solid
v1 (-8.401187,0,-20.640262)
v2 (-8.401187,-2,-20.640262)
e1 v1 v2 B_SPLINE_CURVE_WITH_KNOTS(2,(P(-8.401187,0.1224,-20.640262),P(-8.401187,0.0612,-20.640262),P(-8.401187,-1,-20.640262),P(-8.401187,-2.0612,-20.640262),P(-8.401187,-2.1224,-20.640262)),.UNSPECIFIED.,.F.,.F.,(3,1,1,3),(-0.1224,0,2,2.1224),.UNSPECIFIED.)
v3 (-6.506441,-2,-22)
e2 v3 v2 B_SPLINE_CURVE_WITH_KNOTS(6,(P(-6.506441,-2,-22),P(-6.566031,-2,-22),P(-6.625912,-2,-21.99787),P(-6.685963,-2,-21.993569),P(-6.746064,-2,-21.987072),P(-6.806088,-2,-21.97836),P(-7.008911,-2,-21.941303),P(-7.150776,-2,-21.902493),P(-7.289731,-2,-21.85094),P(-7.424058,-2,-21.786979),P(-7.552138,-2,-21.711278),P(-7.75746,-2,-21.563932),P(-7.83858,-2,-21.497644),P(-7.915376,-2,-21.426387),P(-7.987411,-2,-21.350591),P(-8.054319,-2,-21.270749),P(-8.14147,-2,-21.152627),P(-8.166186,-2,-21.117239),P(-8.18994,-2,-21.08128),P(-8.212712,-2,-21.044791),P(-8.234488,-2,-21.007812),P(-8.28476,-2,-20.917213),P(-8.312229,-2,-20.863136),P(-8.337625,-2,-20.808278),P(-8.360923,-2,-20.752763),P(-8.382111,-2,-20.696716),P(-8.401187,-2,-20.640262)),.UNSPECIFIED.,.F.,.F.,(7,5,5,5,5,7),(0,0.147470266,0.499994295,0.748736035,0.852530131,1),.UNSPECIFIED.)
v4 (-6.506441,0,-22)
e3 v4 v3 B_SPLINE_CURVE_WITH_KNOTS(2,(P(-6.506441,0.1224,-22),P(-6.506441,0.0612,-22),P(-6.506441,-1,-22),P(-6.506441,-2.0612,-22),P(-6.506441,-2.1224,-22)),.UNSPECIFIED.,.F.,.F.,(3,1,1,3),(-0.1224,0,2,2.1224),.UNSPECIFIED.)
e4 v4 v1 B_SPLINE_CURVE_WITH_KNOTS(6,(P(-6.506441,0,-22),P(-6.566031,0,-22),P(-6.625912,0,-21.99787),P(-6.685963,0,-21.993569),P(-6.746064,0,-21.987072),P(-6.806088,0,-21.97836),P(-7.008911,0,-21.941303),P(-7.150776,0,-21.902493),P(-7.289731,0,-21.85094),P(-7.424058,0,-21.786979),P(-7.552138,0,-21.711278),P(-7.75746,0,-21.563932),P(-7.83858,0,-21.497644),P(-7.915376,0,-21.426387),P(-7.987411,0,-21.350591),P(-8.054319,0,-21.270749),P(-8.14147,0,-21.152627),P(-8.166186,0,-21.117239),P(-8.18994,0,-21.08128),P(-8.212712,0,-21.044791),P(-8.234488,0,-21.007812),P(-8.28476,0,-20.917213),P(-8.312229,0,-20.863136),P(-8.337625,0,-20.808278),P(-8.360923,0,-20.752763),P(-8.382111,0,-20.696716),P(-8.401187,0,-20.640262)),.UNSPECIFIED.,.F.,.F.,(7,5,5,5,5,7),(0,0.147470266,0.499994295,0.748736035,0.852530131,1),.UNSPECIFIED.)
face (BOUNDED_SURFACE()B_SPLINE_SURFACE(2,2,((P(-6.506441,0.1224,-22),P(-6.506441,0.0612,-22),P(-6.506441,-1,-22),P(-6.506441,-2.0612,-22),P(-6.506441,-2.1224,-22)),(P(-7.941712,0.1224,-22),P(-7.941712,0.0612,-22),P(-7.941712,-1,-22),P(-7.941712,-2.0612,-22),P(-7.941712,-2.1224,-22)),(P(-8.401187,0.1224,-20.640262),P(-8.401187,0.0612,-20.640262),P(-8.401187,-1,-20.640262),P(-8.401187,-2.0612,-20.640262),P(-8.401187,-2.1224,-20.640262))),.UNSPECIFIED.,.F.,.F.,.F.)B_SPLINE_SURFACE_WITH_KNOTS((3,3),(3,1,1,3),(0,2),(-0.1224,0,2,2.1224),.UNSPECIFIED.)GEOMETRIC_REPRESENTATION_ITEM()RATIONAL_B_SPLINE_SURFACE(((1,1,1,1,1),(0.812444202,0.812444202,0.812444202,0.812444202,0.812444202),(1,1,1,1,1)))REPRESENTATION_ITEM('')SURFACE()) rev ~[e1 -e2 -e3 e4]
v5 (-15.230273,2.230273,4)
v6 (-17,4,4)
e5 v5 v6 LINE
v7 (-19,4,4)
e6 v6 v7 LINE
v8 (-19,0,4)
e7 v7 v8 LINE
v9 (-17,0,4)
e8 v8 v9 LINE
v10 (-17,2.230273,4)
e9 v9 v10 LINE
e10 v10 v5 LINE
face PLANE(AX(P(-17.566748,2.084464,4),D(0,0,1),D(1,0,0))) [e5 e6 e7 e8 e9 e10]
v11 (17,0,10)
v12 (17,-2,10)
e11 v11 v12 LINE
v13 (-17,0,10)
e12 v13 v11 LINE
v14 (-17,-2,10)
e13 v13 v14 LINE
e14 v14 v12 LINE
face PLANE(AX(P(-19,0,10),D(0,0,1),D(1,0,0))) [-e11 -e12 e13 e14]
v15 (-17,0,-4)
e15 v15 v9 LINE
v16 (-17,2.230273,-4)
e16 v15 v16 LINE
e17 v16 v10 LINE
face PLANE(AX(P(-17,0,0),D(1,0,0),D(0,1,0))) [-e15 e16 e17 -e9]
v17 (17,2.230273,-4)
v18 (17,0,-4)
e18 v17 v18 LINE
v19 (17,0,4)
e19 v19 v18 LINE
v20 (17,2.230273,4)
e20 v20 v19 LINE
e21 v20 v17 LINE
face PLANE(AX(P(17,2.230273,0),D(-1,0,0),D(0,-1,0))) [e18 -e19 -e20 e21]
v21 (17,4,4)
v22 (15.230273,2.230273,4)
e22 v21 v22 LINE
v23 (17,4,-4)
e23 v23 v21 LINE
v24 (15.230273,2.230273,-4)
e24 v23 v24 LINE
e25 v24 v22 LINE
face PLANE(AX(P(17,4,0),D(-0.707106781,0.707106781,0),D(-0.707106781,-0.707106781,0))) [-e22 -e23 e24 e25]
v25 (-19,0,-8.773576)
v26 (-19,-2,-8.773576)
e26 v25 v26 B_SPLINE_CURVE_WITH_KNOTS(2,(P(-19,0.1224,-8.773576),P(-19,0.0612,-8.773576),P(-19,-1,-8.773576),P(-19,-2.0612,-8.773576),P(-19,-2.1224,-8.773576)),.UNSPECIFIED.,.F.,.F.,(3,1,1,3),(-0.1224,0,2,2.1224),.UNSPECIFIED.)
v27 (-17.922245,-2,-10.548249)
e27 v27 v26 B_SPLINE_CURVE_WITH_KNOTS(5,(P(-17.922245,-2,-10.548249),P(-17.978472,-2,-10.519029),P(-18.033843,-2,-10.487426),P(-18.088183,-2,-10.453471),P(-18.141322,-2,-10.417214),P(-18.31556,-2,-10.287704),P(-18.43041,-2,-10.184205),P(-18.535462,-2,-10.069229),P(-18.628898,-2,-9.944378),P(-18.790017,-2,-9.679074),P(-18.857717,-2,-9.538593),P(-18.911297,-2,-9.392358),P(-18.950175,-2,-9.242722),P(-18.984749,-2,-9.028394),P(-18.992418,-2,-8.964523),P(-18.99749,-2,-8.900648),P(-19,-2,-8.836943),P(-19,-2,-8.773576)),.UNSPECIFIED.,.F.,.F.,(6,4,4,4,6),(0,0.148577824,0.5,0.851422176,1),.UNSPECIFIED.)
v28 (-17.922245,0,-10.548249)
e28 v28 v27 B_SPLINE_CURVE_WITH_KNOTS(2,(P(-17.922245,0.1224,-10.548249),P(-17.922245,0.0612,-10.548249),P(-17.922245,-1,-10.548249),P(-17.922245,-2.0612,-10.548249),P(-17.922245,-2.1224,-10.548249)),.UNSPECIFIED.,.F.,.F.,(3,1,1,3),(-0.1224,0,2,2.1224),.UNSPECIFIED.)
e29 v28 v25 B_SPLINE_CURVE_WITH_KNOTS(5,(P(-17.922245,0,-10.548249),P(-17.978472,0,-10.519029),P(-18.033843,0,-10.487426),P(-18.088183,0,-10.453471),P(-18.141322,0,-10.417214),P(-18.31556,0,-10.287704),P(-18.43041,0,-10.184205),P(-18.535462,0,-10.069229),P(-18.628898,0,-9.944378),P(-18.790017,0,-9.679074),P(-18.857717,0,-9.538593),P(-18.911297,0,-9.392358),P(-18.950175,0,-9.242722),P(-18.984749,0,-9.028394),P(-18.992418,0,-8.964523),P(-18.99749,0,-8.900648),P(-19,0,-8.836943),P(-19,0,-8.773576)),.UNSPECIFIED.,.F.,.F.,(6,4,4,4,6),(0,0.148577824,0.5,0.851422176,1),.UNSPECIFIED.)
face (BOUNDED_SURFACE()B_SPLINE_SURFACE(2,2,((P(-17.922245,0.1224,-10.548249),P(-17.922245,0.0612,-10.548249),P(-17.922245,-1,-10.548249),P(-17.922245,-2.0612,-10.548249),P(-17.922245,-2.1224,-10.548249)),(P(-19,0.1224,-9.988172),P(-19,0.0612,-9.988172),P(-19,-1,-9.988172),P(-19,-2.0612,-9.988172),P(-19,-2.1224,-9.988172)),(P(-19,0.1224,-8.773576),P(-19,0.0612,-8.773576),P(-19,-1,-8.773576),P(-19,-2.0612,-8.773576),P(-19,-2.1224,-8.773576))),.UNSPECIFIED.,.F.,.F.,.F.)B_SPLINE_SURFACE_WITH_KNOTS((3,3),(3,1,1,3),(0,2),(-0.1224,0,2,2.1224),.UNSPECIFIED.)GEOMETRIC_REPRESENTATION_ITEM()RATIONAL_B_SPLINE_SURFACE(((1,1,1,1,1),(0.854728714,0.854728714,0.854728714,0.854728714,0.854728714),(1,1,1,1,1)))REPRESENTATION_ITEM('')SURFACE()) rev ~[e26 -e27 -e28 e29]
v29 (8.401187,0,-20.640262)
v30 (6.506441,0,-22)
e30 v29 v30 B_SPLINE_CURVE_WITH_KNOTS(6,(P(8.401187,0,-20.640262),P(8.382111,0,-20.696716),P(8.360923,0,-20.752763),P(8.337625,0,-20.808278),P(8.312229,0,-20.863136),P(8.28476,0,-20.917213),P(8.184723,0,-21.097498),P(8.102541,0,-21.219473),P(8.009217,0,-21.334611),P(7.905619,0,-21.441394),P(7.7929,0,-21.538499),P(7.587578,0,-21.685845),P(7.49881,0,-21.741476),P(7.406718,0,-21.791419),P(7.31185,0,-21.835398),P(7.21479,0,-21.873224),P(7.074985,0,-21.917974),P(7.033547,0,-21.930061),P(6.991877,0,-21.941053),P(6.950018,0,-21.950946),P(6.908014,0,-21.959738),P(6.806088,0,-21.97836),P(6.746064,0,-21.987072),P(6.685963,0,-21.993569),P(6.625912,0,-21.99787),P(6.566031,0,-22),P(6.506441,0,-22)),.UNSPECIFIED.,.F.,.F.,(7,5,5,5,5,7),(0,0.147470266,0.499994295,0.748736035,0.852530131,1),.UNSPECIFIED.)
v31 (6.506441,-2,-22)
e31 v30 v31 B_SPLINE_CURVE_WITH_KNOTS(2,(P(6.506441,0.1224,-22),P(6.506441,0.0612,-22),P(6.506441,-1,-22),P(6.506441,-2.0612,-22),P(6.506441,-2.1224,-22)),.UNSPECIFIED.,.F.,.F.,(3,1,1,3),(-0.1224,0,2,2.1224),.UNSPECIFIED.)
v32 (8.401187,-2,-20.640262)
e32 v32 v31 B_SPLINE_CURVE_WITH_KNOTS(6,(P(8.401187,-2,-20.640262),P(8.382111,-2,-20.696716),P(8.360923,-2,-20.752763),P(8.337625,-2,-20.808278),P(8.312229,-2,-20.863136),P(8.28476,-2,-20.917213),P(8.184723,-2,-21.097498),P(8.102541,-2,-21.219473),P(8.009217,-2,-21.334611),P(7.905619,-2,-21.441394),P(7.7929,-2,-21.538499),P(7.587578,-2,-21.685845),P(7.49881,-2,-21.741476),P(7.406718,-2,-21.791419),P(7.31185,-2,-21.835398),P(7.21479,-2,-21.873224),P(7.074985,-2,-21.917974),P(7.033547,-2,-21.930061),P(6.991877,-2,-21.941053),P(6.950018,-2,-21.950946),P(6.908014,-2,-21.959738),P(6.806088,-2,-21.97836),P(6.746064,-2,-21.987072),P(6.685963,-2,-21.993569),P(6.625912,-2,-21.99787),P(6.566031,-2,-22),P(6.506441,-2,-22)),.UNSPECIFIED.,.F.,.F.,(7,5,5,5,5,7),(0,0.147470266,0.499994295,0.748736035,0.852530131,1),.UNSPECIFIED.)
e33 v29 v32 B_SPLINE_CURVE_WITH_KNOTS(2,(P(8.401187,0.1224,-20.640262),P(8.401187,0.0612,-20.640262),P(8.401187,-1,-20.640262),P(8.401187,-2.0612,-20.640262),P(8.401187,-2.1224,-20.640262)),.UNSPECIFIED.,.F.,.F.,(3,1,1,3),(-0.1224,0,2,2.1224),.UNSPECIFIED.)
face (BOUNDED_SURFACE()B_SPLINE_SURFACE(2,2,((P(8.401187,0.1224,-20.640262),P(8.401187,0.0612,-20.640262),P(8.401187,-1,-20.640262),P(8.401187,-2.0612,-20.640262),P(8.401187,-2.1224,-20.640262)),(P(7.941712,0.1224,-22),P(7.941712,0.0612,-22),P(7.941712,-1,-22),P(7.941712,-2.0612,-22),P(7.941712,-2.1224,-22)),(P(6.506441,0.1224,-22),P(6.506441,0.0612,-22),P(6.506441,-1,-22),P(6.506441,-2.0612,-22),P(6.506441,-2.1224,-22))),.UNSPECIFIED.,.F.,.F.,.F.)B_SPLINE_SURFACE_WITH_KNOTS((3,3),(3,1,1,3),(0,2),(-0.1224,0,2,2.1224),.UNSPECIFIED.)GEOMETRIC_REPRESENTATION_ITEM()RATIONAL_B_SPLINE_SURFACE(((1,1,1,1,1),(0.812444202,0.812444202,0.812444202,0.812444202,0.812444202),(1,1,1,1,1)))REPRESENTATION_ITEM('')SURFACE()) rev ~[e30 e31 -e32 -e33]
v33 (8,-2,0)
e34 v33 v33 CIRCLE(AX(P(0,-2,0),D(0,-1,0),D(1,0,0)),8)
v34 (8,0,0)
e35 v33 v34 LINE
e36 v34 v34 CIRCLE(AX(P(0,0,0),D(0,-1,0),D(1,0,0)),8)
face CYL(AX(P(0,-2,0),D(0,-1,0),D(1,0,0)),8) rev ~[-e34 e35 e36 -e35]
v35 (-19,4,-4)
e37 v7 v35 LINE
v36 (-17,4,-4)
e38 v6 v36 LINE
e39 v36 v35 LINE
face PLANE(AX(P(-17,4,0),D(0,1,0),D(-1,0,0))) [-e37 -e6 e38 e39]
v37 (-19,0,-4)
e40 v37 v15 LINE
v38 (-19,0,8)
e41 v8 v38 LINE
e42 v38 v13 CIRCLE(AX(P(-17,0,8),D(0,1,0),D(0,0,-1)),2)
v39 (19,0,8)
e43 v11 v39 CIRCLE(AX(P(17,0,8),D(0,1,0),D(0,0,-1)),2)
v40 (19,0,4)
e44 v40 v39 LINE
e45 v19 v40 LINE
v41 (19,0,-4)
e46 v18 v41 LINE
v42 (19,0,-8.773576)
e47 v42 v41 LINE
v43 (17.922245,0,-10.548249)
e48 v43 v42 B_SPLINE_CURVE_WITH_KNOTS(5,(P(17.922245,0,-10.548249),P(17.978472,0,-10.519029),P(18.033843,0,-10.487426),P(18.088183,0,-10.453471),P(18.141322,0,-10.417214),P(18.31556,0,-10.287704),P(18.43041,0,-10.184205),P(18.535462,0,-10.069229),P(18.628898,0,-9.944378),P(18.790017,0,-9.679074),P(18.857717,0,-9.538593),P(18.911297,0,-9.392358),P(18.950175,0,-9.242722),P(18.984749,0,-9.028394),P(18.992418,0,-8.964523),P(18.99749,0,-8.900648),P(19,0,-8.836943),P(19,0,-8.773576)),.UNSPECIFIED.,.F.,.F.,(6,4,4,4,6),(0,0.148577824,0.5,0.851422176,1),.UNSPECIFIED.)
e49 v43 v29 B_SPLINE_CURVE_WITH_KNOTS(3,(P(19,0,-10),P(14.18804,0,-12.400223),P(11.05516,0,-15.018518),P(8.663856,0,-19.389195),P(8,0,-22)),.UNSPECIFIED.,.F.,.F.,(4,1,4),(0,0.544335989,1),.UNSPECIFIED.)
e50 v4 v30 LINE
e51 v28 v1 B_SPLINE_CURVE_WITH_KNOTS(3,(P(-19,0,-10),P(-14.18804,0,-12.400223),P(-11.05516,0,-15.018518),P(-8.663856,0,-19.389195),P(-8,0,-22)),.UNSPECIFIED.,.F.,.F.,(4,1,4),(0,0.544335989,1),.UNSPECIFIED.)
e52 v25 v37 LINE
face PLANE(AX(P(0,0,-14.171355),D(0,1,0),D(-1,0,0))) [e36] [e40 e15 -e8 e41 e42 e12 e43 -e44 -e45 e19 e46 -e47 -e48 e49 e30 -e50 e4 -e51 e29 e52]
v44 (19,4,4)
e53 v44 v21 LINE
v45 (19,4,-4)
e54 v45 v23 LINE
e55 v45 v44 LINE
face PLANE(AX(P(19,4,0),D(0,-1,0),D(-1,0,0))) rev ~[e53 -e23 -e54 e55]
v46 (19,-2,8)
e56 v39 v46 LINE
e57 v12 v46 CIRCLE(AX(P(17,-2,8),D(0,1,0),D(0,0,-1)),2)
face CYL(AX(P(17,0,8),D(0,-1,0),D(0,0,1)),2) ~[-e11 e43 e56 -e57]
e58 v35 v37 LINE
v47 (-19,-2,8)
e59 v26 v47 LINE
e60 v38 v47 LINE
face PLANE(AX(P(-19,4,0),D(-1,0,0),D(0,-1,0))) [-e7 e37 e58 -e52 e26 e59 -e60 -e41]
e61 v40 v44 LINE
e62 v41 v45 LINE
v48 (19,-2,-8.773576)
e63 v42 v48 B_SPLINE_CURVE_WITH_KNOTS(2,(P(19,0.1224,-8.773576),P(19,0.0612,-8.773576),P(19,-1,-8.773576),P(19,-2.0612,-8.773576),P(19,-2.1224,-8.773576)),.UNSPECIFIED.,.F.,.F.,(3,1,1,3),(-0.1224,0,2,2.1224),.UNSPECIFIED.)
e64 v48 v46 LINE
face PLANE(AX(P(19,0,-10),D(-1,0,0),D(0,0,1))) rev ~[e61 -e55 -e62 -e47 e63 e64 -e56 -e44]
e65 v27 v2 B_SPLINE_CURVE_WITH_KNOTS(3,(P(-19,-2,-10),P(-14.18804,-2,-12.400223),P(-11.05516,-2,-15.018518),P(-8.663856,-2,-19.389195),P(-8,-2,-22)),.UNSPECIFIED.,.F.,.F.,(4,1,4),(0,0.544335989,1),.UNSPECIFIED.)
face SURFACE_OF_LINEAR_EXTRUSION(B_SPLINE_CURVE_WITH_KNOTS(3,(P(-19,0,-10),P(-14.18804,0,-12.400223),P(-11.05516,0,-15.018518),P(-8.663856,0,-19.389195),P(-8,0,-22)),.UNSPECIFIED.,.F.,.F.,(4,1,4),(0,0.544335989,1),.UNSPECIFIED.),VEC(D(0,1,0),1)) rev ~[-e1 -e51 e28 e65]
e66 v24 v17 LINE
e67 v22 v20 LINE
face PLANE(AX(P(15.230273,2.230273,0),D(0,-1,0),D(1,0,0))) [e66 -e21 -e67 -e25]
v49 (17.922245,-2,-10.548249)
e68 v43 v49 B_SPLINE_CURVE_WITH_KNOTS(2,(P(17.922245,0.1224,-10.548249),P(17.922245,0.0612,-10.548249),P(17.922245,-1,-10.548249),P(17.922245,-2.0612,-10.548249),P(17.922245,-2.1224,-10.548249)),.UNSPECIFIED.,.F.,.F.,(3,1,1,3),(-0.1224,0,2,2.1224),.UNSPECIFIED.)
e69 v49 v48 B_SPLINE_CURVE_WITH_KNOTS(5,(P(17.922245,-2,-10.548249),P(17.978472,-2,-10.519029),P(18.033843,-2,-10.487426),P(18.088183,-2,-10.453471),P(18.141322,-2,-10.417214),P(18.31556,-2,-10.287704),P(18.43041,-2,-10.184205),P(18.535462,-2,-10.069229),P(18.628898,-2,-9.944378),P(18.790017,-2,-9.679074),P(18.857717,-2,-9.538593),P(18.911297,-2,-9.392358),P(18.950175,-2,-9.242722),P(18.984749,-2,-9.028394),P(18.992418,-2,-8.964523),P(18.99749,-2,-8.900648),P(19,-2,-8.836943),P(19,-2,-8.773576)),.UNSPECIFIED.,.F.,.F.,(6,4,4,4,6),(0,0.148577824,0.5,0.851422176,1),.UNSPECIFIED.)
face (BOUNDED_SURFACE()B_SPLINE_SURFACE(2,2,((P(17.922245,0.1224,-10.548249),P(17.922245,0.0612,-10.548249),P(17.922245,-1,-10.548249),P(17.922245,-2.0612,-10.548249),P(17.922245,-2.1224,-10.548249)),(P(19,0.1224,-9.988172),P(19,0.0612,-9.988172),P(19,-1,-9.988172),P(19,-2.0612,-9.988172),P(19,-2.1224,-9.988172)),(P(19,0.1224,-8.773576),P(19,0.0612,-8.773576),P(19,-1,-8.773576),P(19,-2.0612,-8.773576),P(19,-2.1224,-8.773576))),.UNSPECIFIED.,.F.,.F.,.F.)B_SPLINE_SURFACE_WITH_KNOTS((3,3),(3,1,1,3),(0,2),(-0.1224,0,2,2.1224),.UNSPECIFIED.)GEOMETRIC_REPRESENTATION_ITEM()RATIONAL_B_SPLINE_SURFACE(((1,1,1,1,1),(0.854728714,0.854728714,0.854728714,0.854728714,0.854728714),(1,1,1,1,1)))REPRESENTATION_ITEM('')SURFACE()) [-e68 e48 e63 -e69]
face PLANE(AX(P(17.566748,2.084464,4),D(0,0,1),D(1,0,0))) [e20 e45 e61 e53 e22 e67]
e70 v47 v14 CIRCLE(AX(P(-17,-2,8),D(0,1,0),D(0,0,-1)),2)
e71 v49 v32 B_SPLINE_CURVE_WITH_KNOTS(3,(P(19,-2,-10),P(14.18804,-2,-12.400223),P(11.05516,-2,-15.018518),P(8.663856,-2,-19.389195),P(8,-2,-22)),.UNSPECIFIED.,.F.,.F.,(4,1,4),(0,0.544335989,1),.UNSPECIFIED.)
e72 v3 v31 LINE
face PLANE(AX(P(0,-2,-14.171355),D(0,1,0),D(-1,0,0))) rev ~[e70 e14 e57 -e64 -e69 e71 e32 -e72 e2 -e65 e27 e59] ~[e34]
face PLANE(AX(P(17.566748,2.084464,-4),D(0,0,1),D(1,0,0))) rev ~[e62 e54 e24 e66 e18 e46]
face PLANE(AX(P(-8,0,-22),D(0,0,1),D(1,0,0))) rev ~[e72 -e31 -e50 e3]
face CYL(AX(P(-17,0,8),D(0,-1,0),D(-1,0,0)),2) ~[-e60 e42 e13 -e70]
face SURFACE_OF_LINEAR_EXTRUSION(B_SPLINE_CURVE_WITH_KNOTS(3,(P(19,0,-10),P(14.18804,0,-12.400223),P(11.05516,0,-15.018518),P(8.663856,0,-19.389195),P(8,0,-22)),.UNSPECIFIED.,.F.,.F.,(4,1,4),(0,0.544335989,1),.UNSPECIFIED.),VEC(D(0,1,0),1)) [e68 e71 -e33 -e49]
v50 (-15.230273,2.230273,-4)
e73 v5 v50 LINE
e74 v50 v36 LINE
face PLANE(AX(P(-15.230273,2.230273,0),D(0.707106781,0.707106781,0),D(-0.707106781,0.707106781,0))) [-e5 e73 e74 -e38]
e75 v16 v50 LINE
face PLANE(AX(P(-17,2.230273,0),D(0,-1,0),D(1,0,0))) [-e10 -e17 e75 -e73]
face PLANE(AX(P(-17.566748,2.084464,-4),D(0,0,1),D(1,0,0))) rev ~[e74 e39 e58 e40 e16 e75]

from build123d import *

# Parameters (mm, degrees)
F0_W          = 38
F0_H          = 20
F1_DEPTH      = 2
F2_R          = 2
F3_R          = 8
F4_DEPTH      = 2
F6_DEPTH      = 4
F6_DEPTH_BACK = 4


with BuildPart() as f1:
    # F0 (on Front) → F1 (new body)
    with BuildSketch(Plane.XZ):
        with BuildLine():
            add(Edge.make_bspline(
                [(19, -10), (14.1880401769, -12.4002225701), (11.0551596639, -15.0185183176), (8.6638560302, -19.389195231), (8, -22)],
                knots=[0, 0, 0, 0, 0.5443359888, 1, 1, 1, 1], degree=3))
            Line((19, -10), (-19, -10))
            add(Edge.make_bspline(
                [(-19, -10), (-14.1880401769, -12.4002225701), (-11.0551596639, -15.0185183176), (-8.6638560302, -19.389195231), (-8, -22)],
                knots=[0, 0, 0, 0, 0.5443359888, 1, 1, 1, 1], degree=3))
            Line((-8, -22), (0, -22))
            Line((0, -22), (8, -22))
        make_face()
        Rectangle(F0_W, F0_H)
    extrude(amount=F1_DEPTH)

    # F2
    f2_edges = [f1.edges().sort_by_distance(p)[0] for p in [
        (-19, -1, 10),
        (19, -1, 10),
        (-8, -1, -22),
        (8, -1, -22),
        (-19, -1, -10),
        (19, -1, -10),
    ]]
    fillet(f2_edges, radius=F2_R)

    # F3 (on face) → F4 (cut, through all)
    with BuildSketch(Plane.XZ.offset(2)):
        Circle(F3_R)
    extrude(amount=-F4_DEPTH, mode=Mode.SUBTRACT)

    # F5 (on Top) → F6 (join, two sides)
    with BuildSketch(Plane.XY) as f6_sk:
        Polygon((-19, 4), (-19, 0), (-17, 0), (-17, 2.2302730472), (-15.2302730472, 2.2302730472), (-17, 4), align=None)
        Polygon((17, 0), (19, 0), (19, 4), (17, 4), (15.2302730472, 2.2302730472), (17, 2.2302730472), align=None)
    extrude(amount=F6_DEPTH)
    extrude(f6_sk.sketch, amount=-F6_DEPTH_BACK)


solid = f1.part
